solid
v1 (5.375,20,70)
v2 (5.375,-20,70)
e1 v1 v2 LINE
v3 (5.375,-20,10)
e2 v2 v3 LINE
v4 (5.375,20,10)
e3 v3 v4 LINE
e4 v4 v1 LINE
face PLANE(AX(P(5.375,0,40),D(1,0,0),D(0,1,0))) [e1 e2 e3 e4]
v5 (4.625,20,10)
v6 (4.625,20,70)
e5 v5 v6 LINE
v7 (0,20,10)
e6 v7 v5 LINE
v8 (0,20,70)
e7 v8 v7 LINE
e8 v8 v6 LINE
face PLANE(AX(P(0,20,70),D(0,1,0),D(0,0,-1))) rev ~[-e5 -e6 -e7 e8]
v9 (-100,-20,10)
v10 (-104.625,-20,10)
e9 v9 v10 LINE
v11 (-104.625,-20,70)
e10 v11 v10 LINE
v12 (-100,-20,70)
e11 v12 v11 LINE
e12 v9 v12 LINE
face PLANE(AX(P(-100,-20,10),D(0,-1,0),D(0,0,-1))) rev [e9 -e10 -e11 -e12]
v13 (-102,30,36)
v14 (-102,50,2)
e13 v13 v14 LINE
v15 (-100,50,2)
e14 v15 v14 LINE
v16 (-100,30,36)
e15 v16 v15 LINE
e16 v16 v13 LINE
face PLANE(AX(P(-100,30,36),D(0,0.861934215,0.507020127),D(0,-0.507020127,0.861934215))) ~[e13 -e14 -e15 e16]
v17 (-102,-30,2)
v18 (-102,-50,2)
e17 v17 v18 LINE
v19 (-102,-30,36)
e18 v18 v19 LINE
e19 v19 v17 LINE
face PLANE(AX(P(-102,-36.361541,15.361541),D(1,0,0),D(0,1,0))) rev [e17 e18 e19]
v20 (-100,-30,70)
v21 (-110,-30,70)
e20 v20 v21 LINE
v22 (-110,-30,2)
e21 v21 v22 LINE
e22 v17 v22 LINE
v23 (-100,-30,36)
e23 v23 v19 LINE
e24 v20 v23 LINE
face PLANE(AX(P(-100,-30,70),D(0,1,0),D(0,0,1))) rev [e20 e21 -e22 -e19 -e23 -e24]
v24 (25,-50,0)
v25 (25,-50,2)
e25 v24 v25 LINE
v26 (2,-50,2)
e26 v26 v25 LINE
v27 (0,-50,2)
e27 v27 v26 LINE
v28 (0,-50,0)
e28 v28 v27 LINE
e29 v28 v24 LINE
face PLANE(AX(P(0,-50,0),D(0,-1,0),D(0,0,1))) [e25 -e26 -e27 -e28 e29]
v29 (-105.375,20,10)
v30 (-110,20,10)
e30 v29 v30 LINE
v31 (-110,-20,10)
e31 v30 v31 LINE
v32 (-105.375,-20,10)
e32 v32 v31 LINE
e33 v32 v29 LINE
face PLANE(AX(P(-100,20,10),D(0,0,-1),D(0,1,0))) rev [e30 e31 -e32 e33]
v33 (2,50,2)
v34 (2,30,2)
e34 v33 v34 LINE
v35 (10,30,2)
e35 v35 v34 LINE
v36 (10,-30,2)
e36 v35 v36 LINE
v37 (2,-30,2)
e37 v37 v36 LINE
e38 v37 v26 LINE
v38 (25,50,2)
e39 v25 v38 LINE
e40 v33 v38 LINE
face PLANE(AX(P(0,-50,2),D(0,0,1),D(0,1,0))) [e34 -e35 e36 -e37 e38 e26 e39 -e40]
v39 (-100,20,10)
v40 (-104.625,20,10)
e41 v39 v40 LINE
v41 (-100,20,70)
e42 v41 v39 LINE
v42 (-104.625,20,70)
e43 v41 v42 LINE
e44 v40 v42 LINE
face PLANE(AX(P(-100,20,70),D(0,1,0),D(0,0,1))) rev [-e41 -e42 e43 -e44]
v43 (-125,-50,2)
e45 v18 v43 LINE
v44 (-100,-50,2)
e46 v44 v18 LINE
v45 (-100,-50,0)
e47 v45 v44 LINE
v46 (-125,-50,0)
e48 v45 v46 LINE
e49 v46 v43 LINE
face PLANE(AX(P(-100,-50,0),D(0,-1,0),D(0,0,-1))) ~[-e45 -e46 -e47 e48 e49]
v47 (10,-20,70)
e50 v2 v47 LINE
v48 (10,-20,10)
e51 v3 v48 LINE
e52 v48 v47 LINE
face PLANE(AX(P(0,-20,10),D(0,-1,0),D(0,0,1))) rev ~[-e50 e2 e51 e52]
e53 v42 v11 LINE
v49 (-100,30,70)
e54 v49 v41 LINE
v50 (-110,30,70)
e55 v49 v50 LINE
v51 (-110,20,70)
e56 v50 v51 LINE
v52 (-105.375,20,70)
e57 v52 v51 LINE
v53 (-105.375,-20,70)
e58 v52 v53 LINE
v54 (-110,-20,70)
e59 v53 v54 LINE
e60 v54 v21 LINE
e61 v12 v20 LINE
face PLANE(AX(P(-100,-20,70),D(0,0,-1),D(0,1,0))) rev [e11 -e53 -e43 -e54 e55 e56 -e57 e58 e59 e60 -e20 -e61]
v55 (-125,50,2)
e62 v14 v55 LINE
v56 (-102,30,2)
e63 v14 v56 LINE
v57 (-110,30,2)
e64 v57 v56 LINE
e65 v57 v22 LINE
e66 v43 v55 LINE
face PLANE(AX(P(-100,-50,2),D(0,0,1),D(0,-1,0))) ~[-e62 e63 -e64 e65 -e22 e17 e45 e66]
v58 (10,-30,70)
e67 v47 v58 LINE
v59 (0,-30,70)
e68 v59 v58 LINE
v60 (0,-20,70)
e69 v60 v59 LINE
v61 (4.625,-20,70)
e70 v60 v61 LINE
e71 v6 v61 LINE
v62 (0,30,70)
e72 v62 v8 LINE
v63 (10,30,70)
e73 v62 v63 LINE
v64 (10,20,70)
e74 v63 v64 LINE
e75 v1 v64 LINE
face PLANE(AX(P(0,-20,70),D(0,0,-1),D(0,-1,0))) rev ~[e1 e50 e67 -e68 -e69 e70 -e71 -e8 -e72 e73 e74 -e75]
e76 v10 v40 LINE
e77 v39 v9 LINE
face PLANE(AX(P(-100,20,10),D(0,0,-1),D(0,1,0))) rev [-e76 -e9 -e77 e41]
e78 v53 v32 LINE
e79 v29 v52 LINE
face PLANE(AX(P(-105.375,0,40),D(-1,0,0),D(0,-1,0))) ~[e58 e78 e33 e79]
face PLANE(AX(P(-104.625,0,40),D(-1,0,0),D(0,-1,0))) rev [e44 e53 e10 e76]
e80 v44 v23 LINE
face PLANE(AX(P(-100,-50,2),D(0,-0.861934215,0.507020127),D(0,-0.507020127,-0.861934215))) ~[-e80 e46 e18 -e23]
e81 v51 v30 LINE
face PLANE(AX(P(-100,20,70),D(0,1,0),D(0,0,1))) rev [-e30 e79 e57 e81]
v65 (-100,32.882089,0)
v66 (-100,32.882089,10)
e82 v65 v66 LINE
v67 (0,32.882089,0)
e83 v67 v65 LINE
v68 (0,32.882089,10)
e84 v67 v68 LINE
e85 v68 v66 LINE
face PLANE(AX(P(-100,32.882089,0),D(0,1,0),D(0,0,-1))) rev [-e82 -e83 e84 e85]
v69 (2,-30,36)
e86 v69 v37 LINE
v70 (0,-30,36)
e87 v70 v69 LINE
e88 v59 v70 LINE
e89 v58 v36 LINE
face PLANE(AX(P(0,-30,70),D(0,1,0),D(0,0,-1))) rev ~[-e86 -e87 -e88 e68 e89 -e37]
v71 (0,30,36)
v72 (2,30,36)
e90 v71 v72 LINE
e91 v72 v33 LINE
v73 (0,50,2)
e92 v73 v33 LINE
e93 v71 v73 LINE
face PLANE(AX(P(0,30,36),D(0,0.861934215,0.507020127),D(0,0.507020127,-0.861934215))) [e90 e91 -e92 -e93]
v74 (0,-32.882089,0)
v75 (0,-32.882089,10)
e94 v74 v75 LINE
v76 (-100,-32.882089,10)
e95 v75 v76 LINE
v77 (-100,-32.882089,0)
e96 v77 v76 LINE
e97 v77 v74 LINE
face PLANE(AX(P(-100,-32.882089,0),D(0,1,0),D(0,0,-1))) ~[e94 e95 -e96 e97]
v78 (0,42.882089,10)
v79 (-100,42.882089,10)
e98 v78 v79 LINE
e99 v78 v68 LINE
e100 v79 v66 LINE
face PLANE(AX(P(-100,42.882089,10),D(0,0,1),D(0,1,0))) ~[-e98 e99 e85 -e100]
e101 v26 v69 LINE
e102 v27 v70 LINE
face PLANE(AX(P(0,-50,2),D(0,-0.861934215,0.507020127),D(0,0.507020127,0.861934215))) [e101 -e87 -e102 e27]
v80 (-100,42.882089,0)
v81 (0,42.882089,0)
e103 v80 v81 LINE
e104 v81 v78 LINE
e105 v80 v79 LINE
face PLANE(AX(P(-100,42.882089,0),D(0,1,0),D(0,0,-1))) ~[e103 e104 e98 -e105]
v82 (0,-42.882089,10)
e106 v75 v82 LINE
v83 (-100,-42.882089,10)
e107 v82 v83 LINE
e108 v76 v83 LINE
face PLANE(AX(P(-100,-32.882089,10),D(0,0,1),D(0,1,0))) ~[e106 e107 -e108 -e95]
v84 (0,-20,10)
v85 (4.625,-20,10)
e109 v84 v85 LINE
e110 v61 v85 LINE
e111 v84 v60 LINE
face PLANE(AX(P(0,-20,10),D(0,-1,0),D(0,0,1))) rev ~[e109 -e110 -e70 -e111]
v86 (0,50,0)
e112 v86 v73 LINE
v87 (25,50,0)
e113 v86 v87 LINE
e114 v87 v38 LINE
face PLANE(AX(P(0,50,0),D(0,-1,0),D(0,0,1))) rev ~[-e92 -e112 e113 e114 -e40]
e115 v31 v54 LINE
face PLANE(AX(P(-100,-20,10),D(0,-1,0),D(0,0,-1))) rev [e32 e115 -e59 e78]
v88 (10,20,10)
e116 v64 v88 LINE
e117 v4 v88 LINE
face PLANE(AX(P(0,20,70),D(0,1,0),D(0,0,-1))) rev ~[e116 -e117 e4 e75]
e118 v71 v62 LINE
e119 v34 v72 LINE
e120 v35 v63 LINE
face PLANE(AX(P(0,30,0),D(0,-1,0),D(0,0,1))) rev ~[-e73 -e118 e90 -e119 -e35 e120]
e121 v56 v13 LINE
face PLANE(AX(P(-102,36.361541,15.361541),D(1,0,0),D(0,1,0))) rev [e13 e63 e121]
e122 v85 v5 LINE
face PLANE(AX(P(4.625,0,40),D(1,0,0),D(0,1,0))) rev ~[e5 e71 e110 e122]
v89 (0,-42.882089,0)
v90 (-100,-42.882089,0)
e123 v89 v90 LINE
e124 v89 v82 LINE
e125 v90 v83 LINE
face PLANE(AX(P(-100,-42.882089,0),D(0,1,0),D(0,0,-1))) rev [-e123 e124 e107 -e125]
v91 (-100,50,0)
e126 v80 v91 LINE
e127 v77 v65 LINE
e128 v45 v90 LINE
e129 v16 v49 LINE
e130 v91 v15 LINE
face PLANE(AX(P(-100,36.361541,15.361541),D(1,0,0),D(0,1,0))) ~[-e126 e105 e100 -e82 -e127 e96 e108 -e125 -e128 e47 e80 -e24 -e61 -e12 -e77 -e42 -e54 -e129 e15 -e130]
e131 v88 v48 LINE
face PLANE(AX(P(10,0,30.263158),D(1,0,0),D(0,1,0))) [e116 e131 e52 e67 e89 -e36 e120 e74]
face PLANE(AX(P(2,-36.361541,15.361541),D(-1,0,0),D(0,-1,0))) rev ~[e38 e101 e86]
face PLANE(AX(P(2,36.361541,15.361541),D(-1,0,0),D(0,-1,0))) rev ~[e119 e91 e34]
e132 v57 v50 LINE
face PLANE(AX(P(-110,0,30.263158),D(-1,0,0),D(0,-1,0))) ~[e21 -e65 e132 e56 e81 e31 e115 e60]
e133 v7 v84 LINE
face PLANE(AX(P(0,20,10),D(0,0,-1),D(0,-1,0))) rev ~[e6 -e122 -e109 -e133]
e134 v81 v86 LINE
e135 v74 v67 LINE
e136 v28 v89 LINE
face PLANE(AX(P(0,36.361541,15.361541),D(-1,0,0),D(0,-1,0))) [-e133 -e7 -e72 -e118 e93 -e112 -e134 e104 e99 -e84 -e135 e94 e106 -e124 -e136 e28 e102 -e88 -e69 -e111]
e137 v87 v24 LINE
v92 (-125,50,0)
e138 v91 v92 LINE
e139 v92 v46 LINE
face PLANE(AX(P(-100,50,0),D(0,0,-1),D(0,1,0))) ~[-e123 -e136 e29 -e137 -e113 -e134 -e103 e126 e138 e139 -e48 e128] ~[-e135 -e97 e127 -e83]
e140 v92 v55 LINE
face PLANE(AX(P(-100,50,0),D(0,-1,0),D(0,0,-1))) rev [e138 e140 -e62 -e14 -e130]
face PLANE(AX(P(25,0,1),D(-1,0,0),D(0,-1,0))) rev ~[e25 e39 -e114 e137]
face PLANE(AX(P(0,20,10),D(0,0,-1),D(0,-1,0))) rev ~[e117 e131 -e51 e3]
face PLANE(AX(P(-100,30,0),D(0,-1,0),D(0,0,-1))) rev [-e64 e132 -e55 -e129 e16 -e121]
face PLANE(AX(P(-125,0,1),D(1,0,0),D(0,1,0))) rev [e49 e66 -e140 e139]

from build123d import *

# Parameters (mm, degrees)
F1_DEPTH  = 10
F4_DEPTH  = 0.375
F5_W      = 20
F5_H      = 2
F6_DEPTH  = 25
F8_DEPTH  = 2
F9_W      = 10
F9_H      = 10
F10_DEPTH = 50


with BuildPart() as f1:
    # F0 (on Right) → F1 (new body)
    with BuildSketch(Plane.YZ):
        Polygon((-30, 0), (0, 0), (30, 0), (30, 70), (20, 70), (20, 10), (-20, 10), (-20, 70), (-30, 70), align=None)
    extrude(amount=F1_DEPTH)

    # F3 (on offset) → F4 (join, symmetric)
    with BuildSketch(Plane.YZ.offset(5)):
        Polygon((-20, 10), (0, 10), (20, 10), (20, 70), (-20, 70), align=None)
    extrude(amount=F4_DEPTH, both=True)

    # F5 (on face) → F6 (join)
    with BuildSketch(Plane(origin=(0, 0, 0), x_dir=(0, -1, 0), z_dir=(-1, 0, 0))):
        Polygon((-30, 0), (0, 0), (30, 0), (30, 2), (-30, 2), align=None)
        with Locations((40, 1)):
            Rectangle(F5_W, F5_H)
        with Locations((-40, 1)):
            Rectangle(F5_W, F5_H)
    extrude(amount=-F6_DEPTH)

    # F7 (on face) → F8 (join)
    with BuildSketch(Plane(origin=(0, 0, 0), x_dir=(0, -1, 0), z_dir=(-1, 0, 0))):
        Polygon((-50, 2), (-30, 2), (-30, 36), align=None)
        Polygon((30, 2), (50, 2), (30, 36), align=None)
    extrude(amount=-F8_DEPTH)

    # F9 (on face) → F10 (join)
    with BuildSketch(Plane(origin=(0, 0, 0), x_dir=(0, -1, 0), z_dir=(-1, 0, 0))):
        with Locations((-37.8820885718, 5)):
            Rectangle(F9_W, F9_H)
        with Locations((37.8820885718, 5)):
            Rectangle(F9_W, F9_H)
    extrude(amount=F10_DEPTH)

    # F12: F1 across plane


with BuildPart() as f1_1:
    add(f1.part)
    add(f1.part.mirror(Plane.YZ.offset(-50)))


solid = f1_1.part
